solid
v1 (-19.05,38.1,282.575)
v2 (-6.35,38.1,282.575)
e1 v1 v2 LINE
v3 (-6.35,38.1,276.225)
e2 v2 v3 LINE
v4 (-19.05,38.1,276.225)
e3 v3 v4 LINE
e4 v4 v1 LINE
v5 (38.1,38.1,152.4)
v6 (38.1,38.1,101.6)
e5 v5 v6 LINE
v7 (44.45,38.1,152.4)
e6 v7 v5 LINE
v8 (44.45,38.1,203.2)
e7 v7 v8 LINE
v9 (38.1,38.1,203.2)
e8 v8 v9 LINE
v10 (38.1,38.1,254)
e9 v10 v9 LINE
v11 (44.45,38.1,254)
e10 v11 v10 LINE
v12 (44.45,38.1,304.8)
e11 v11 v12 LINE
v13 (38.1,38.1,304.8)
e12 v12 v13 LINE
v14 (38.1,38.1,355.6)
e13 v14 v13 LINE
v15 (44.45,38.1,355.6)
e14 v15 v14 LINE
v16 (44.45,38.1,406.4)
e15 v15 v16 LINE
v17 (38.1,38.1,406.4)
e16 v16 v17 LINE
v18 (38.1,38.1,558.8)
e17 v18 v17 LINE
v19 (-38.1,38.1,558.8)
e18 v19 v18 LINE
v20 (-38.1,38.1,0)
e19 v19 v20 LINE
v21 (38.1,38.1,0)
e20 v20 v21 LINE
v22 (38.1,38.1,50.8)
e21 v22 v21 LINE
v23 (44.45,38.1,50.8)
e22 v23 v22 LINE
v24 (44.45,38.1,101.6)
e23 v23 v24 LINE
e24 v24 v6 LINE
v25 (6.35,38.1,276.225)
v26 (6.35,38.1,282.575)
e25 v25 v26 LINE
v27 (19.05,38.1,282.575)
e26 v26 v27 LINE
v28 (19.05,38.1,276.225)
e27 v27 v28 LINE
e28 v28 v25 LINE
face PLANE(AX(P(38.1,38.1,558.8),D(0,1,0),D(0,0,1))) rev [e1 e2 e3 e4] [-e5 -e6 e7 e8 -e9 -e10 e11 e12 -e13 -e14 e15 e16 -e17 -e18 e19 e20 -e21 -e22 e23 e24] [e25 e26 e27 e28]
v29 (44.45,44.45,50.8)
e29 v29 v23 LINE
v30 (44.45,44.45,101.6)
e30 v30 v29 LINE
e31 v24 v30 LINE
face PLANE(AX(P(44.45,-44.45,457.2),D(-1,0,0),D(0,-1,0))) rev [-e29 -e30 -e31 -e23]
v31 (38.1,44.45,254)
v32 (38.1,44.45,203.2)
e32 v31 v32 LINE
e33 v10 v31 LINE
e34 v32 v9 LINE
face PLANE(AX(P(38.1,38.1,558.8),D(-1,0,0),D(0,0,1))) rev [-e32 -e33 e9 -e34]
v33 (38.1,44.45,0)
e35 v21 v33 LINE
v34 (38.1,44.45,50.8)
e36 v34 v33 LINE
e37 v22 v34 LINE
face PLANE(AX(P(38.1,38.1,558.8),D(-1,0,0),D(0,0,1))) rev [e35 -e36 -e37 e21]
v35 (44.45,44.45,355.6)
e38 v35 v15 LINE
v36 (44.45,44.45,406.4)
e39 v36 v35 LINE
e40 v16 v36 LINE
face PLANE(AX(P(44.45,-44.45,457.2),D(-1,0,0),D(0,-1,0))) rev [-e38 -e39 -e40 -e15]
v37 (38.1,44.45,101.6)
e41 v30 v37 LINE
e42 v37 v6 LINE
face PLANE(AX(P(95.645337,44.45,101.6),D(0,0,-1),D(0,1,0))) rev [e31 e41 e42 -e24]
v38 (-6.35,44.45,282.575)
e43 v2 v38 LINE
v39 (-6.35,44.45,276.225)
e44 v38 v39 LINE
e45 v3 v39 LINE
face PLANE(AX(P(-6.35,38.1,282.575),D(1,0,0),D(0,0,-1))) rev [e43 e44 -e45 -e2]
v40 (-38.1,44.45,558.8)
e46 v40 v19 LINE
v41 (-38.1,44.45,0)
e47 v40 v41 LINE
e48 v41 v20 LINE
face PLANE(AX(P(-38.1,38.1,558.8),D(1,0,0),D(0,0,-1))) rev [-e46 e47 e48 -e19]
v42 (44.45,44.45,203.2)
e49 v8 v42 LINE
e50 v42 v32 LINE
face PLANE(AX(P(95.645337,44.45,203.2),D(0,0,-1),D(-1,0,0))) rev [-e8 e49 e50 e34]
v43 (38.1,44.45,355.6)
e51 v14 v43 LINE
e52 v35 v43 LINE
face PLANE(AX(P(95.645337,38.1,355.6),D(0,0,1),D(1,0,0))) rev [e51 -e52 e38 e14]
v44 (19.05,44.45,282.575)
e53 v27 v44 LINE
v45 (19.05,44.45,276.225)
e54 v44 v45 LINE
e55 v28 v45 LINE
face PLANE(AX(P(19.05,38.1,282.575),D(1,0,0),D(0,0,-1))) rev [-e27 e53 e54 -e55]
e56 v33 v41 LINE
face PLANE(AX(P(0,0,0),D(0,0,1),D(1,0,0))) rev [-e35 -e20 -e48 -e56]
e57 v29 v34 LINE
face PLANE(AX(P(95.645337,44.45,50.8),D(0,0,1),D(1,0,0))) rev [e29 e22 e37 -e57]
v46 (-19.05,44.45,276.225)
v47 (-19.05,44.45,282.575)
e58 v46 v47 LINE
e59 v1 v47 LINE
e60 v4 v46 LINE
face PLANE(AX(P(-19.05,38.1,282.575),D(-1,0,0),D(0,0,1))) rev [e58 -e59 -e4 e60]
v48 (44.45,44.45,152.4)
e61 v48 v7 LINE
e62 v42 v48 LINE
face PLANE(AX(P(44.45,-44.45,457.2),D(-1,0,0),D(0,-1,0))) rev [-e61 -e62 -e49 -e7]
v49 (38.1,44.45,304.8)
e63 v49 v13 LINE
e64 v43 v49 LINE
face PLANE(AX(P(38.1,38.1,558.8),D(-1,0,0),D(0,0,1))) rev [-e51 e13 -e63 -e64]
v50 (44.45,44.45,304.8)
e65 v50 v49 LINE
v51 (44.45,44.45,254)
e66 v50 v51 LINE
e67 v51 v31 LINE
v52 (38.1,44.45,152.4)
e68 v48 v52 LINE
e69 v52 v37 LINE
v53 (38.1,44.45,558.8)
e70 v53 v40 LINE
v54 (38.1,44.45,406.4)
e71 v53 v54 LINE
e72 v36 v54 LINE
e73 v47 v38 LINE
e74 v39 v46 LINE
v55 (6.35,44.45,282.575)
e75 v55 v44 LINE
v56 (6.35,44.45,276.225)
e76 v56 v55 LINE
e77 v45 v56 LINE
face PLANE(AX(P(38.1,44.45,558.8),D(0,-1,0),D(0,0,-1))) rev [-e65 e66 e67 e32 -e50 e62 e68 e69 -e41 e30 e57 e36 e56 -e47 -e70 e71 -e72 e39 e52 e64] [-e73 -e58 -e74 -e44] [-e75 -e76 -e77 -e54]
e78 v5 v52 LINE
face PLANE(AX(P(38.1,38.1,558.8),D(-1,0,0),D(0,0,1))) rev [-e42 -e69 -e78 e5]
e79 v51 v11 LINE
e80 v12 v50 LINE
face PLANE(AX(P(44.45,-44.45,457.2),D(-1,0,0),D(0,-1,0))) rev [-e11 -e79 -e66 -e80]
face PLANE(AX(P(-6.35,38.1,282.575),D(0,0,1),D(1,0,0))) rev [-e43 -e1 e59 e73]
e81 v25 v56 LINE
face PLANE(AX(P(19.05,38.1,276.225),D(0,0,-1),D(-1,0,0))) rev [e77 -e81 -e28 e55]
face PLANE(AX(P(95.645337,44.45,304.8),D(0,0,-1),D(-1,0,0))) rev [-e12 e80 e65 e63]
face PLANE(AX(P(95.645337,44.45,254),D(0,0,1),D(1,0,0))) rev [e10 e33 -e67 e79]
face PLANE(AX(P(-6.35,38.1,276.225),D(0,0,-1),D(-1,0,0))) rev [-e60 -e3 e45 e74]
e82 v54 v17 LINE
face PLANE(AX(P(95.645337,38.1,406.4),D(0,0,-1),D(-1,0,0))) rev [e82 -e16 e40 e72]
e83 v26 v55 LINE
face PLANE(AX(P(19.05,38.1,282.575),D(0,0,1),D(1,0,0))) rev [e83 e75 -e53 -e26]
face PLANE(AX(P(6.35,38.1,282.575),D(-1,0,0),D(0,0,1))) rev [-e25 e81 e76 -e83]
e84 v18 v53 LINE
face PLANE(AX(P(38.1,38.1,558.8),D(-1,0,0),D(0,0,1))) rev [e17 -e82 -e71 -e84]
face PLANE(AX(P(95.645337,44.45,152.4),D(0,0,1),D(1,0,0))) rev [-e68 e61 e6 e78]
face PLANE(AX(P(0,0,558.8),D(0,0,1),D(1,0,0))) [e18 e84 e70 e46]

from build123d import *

# Parameters (mm, degrees)
SKETCH1_W           = 76.2
SKETCH1_H           = 6.35
BOSS_EXTRUDE1_DEPTH = 558.8
SKETCH2_W           = 12.7
SKETCH2_H           = 6.35
CUT_EXTRUDE1_DEPTH  = 561.133352426
SKETCH3_W           = 50.8
SKETCH3_H           = 6.35
BOSS_EXTRUDE2_DEPTH = 6.35


with BuildPart() as part:
    # Sketch1 → Boss-Extrude1 (new body)
    with BuildSketch(Plane.XY):
        with Locations((0, 41.275)):
            Rectangle(SKETCH1_W, SKETCH1_H)
    extrude(amount=BOSS_EXTRUDE1_DEPTH)

    # Sketch2 → Cut-Extrude1 (cut, through all)
    with BuildSketch(Plane(origin=(0, 44.45, 0), x_dir=(1, 0, 0), z_dir=(0, 1, 0))):
        with Locations((12.7, -279.4)):
            Rectangle(SKETCH2_W, SKETCH2_H)
        with Locations((-12.7, -279.4)):
            Rectangle(SKETCH2_W, SKETCH2_H)
    extrude(amount=-CUT_EXTRUDE1_DEPTH, mode=Mode.SUBTRACT)

    # Sketch3 → Boss-Extrude2 (add)
    with BuildSketch(Plane(origin=(38.1, 0, 0), x_dir=(0, 0, -1), z_dir=(1, 0, 0))):
        with Locations((-381, 41.275)):
            Rectangle(SKETCH3_W, SKETCH3_H)
        with Locations((-279.4, 41.275)):
            Rectangle(SKETCH3_W, SKETCH3_H)
        with Locations((-177.8, 41.275)):
            Rectangle(SKETCH3_W, SKETCH3_H)
        with Locations((-76.2, 41.275)):
            Rectangle(SKETCH3_W, SKETCH3_H)
    extrude(amount=BOSS_EXTRUDE2_DEPTH)


solid = part.part
